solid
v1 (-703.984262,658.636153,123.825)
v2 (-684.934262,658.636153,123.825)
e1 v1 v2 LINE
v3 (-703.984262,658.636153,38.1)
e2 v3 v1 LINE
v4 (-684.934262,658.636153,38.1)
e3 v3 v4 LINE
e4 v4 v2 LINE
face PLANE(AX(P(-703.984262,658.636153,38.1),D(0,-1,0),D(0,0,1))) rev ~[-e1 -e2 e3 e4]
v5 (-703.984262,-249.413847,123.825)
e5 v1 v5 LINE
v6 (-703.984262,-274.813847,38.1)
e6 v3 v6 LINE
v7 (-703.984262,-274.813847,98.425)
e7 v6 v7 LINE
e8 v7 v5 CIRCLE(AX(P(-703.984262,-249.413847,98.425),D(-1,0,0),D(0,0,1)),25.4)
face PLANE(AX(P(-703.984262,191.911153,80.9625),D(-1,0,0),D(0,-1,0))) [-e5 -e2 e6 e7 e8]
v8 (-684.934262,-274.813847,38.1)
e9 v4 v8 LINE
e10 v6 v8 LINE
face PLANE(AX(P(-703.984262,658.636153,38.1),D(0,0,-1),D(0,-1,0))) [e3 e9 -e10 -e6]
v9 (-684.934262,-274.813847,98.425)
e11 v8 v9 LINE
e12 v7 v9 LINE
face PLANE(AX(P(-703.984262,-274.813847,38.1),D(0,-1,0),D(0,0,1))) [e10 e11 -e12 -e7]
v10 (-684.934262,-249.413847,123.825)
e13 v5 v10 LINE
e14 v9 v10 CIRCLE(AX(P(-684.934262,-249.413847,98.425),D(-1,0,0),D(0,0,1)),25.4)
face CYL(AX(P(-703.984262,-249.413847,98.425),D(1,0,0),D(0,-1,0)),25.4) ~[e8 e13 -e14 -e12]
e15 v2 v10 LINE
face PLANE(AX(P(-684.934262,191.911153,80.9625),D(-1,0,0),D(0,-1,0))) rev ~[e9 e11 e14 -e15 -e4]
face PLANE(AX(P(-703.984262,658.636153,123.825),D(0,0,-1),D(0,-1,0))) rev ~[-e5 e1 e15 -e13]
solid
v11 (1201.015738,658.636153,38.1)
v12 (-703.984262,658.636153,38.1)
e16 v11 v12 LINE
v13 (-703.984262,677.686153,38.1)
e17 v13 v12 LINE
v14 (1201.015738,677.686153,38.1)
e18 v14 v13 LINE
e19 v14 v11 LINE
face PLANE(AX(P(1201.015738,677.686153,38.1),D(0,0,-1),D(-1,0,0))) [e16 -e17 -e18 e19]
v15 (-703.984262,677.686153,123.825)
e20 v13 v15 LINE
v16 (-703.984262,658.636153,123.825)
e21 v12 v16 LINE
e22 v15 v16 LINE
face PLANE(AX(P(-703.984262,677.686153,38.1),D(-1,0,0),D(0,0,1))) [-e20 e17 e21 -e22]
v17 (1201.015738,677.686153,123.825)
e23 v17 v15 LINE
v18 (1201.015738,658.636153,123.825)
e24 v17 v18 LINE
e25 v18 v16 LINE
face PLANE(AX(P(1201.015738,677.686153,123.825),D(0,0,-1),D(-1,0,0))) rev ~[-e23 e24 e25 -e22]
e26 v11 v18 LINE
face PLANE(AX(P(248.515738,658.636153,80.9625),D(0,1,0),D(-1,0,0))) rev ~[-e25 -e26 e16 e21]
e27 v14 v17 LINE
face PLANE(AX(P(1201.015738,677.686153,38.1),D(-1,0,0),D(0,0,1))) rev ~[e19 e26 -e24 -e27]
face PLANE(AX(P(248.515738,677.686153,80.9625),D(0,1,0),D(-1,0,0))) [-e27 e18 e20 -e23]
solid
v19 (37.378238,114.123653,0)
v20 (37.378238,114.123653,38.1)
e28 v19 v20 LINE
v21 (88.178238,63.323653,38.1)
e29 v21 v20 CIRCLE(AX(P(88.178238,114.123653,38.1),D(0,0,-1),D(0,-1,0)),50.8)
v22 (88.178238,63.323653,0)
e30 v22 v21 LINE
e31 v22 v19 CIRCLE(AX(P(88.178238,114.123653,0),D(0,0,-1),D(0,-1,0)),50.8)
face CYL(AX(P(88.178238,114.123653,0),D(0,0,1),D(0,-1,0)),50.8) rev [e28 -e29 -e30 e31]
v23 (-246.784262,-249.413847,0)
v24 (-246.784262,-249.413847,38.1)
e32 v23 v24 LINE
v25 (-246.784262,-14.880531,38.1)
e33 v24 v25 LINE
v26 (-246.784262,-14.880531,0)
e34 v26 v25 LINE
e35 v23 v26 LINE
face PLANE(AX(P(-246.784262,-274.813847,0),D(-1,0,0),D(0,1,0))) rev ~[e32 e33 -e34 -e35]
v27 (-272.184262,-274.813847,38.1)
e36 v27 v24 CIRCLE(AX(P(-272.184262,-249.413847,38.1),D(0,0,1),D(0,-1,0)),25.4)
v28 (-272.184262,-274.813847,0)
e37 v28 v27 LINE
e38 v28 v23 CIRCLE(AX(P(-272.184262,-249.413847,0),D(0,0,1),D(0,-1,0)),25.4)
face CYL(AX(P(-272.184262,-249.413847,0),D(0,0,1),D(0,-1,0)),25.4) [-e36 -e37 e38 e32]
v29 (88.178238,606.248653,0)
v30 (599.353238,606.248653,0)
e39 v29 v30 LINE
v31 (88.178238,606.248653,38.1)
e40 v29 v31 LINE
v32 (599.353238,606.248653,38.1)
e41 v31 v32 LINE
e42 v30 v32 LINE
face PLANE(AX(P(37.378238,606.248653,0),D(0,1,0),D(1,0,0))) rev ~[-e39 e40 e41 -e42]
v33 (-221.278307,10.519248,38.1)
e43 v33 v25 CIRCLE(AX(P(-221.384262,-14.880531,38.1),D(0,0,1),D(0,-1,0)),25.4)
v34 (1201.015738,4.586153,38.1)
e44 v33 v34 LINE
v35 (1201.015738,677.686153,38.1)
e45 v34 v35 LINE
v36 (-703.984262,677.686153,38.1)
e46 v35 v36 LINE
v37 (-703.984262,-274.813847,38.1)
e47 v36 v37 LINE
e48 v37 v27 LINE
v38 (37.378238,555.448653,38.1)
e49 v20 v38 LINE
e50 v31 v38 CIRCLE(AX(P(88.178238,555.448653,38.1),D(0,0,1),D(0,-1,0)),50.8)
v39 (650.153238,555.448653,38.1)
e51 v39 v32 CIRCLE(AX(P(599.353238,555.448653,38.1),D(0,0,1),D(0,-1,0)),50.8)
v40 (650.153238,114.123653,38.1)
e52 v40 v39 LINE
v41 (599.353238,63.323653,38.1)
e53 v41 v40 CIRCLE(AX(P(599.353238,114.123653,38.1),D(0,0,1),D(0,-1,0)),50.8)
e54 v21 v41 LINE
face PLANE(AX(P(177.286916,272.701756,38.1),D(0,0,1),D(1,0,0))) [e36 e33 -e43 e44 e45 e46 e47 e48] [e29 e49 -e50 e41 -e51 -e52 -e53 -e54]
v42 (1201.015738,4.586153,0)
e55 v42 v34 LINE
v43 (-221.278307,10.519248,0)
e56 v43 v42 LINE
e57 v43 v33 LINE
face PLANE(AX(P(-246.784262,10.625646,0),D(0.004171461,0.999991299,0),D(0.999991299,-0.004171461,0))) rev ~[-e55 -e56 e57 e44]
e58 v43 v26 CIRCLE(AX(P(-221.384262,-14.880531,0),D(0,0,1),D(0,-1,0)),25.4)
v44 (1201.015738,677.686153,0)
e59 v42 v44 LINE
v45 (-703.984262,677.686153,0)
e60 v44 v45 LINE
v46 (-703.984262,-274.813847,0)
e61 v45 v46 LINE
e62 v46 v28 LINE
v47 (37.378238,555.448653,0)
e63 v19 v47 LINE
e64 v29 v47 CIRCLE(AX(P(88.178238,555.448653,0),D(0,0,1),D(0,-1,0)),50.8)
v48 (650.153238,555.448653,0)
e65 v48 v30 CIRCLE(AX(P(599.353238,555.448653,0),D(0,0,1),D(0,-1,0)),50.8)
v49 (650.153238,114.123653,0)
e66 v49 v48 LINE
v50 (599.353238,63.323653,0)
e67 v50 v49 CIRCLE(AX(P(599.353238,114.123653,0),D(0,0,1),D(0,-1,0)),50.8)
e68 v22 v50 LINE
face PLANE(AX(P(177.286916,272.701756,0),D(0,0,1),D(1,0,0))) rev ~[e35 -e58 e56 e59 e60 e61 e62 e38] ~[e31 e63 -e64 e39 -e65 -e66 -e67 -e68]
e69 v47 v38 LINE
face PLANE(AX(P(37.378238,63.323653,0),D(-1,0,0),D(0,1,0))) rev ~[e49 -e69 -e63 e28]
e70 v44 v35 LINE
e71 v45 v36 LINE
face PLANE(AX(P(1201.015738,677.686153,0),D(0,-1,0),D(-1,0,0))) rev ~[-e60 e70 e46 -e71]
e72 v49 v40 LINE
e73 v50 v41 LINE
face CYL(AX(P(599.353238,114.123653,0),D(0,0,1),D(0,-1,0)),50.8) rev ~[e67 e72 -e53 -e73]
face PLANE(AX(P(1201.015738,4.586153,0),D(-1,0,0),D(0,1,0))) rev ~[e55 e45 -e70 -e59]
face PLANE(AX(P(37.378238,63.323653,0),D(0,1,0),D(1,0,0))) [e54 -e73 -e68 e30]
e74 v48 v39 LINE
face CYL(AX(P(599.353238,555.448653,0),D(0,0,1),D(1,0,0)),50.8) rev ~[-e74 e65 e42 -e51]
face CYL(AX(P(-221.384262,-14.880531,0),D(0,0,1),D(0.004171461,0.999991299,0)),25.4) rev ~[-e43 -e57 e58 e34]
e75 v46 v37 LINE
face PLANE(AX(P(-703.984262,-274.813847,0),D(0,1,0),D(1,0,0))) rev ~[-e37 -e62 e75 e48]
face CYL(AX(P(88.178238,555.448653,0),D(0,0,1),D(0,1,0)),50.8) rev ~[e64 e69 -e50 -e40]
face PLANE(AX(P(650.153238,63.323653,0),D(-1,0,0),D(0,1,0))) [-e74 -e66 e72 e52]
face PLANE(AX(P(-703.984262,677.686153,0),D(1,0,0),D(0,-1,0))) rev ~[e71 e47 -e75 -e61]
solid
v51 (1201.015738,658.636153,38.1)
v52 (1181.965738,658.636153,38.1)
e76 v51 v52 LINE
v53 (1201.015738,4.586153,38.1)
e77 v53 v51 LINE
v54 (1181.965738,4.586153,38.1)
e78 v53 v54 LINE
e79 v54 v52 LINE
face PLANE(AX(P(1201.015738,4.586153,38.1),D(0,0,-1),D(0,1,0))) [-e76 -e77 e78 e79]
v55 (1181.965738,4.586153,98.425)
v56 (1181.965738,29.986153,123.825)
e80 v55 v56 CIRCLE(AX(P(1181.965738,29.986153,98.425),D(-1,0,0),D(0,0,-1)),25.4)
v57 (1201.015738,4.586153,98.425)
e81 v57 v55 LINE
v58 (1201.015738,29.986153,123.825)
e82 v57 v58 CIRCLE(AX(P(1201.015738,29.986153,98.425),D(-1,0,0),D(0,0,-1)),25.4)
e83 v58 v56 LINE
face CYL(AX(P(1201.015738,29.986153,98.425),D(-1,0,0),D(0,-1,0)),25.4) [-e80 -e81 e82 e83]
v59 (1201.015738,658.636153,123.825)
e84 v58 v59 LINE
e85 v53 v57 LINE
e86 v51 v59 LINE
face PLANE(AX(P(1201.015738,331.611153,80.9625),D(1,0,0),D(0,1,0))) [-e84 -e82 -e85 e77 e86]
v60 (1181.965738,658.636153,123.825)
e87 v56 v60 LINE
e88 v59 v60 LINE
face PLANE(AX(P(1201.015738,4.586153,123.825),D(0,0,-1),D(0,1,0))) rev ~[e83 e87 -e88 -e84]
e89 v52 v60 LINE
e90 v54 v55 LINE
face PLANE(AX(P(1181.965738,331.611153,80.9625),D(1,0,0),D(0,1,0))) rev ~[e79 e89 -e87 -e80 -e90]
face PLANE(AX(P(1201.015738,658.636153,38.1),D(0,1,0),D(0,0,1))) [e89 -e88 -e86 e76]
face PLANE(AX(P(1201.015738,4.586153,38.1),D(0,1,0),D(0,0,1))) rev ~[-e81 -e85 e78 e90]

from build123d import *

# Parameters (mm, degrees)
F0_W      = 612.775
F0_H      = 542.925
F1_DEPTH  = 38.1
F3_W      = 933.45
F3_H      = 85.725
F4_DEPTH  = 19.05
F6_W      = 654.05
F6_H      = 85.725
F7_DEPTH  = 19.05
F9_W      = 1905
F9_H      = 85.725
F10_DEPTH = 19.05
F11_R     = 25.4
F11_2_R   = 25.4
F12_R     = 50.8
F13_R     = 25.4


with BuildPart() as f1:
    # F0 (on Top) → F1 (new body)
    with BuildSketch(Plane.XY):
        Polygon((1201.0157378892, 677.68615251), (-703.9842621108, 677.68615251), (-703.9842621108, -274.81384749), (-246.7842621108, -274.81384749), (-246.7842621108, 10.6256458031), (1201.0157378892, 4.58615251), align=None)
        with Locations((343.7657378892, 334.78615251)):
            Rectangle(F0_W, F0_H, mode=Mode.SUBTRACT)
    extrude(amount=F1_DEPTH)

    # F12
    f12_edges = [f1.edges().sort_by_distance(p)[0] for p in [
        (37.378238, 606.248653, 19.05),
        (650.153238, 606.248653, 19.05),
        (650.153238, 63.323653, 19.05),
        (37.378238, 63.323653, 19.05),
    ]]
    fillet(f12_edges, radius=F12_R)

    # F13
    f13_edges = [f1.edges().sort_by_distance(p)[0] for p in [
        (-246.784262, -274.813847, 19.05),
        (-246.784262, 10.625646, 19.05),
    ]]
    fillet(f13_edges, radius=F13_R)


with BuildPart() as f4:
    # F3 (on offset) → F4 (new body)
    with BuildSketch(Plane(origin=(-703.9842621108, 0, 0), x_dir=(0, -1, 0), z_dir=(-1, 0, 0))):
        with Locations((-191.91115251, 80.9625)):
            Rectangle(F3_W, F3_H)
    extrude(amount=-F4_DEPTH)

    # F11#2
    f11_2_edges = [f4.edges().sort_by_distance(p)[0] for p in [
        (-694.459262, -274.813847, 123.825),
    ]]
    fillet(f11_2_edges, radius=F11_2_R)


with BuildPart() as f7:
    # F6 (on offset) → F7 (new body)
    with BuildSketch(Plane.YZ.offset(1201.0157378892)):
        with Locations((331.61115251, 80.9625)):
            Rectangle(F6_W, F6_H)
    extrude(amount=-F7_DEPTH)

    # F11
    f11_edges = [f7.edges().sort_by_distance(p)[0] for p in [
        (1191.490738, 4.586153, 123.825),
    ]]
    fillet(f11_edges, radius=F11_R)


with BuildPart() as f10:
    # F9 (on offset) → F10 (new body)
    with BuildSketch(Plane(origin=(0, 677.68615251, 0), x_dir=(-1, 0, 0), z_dir=(0, 1, 0))):
        with Locations((-248.5157378892, 80.9625)):
            Rectangle(F9_W, F9_H)
    extrude(amount=-F10_DEPTH)


solid = Compound([f1.part, f4.part, f7.part, f10.part])
